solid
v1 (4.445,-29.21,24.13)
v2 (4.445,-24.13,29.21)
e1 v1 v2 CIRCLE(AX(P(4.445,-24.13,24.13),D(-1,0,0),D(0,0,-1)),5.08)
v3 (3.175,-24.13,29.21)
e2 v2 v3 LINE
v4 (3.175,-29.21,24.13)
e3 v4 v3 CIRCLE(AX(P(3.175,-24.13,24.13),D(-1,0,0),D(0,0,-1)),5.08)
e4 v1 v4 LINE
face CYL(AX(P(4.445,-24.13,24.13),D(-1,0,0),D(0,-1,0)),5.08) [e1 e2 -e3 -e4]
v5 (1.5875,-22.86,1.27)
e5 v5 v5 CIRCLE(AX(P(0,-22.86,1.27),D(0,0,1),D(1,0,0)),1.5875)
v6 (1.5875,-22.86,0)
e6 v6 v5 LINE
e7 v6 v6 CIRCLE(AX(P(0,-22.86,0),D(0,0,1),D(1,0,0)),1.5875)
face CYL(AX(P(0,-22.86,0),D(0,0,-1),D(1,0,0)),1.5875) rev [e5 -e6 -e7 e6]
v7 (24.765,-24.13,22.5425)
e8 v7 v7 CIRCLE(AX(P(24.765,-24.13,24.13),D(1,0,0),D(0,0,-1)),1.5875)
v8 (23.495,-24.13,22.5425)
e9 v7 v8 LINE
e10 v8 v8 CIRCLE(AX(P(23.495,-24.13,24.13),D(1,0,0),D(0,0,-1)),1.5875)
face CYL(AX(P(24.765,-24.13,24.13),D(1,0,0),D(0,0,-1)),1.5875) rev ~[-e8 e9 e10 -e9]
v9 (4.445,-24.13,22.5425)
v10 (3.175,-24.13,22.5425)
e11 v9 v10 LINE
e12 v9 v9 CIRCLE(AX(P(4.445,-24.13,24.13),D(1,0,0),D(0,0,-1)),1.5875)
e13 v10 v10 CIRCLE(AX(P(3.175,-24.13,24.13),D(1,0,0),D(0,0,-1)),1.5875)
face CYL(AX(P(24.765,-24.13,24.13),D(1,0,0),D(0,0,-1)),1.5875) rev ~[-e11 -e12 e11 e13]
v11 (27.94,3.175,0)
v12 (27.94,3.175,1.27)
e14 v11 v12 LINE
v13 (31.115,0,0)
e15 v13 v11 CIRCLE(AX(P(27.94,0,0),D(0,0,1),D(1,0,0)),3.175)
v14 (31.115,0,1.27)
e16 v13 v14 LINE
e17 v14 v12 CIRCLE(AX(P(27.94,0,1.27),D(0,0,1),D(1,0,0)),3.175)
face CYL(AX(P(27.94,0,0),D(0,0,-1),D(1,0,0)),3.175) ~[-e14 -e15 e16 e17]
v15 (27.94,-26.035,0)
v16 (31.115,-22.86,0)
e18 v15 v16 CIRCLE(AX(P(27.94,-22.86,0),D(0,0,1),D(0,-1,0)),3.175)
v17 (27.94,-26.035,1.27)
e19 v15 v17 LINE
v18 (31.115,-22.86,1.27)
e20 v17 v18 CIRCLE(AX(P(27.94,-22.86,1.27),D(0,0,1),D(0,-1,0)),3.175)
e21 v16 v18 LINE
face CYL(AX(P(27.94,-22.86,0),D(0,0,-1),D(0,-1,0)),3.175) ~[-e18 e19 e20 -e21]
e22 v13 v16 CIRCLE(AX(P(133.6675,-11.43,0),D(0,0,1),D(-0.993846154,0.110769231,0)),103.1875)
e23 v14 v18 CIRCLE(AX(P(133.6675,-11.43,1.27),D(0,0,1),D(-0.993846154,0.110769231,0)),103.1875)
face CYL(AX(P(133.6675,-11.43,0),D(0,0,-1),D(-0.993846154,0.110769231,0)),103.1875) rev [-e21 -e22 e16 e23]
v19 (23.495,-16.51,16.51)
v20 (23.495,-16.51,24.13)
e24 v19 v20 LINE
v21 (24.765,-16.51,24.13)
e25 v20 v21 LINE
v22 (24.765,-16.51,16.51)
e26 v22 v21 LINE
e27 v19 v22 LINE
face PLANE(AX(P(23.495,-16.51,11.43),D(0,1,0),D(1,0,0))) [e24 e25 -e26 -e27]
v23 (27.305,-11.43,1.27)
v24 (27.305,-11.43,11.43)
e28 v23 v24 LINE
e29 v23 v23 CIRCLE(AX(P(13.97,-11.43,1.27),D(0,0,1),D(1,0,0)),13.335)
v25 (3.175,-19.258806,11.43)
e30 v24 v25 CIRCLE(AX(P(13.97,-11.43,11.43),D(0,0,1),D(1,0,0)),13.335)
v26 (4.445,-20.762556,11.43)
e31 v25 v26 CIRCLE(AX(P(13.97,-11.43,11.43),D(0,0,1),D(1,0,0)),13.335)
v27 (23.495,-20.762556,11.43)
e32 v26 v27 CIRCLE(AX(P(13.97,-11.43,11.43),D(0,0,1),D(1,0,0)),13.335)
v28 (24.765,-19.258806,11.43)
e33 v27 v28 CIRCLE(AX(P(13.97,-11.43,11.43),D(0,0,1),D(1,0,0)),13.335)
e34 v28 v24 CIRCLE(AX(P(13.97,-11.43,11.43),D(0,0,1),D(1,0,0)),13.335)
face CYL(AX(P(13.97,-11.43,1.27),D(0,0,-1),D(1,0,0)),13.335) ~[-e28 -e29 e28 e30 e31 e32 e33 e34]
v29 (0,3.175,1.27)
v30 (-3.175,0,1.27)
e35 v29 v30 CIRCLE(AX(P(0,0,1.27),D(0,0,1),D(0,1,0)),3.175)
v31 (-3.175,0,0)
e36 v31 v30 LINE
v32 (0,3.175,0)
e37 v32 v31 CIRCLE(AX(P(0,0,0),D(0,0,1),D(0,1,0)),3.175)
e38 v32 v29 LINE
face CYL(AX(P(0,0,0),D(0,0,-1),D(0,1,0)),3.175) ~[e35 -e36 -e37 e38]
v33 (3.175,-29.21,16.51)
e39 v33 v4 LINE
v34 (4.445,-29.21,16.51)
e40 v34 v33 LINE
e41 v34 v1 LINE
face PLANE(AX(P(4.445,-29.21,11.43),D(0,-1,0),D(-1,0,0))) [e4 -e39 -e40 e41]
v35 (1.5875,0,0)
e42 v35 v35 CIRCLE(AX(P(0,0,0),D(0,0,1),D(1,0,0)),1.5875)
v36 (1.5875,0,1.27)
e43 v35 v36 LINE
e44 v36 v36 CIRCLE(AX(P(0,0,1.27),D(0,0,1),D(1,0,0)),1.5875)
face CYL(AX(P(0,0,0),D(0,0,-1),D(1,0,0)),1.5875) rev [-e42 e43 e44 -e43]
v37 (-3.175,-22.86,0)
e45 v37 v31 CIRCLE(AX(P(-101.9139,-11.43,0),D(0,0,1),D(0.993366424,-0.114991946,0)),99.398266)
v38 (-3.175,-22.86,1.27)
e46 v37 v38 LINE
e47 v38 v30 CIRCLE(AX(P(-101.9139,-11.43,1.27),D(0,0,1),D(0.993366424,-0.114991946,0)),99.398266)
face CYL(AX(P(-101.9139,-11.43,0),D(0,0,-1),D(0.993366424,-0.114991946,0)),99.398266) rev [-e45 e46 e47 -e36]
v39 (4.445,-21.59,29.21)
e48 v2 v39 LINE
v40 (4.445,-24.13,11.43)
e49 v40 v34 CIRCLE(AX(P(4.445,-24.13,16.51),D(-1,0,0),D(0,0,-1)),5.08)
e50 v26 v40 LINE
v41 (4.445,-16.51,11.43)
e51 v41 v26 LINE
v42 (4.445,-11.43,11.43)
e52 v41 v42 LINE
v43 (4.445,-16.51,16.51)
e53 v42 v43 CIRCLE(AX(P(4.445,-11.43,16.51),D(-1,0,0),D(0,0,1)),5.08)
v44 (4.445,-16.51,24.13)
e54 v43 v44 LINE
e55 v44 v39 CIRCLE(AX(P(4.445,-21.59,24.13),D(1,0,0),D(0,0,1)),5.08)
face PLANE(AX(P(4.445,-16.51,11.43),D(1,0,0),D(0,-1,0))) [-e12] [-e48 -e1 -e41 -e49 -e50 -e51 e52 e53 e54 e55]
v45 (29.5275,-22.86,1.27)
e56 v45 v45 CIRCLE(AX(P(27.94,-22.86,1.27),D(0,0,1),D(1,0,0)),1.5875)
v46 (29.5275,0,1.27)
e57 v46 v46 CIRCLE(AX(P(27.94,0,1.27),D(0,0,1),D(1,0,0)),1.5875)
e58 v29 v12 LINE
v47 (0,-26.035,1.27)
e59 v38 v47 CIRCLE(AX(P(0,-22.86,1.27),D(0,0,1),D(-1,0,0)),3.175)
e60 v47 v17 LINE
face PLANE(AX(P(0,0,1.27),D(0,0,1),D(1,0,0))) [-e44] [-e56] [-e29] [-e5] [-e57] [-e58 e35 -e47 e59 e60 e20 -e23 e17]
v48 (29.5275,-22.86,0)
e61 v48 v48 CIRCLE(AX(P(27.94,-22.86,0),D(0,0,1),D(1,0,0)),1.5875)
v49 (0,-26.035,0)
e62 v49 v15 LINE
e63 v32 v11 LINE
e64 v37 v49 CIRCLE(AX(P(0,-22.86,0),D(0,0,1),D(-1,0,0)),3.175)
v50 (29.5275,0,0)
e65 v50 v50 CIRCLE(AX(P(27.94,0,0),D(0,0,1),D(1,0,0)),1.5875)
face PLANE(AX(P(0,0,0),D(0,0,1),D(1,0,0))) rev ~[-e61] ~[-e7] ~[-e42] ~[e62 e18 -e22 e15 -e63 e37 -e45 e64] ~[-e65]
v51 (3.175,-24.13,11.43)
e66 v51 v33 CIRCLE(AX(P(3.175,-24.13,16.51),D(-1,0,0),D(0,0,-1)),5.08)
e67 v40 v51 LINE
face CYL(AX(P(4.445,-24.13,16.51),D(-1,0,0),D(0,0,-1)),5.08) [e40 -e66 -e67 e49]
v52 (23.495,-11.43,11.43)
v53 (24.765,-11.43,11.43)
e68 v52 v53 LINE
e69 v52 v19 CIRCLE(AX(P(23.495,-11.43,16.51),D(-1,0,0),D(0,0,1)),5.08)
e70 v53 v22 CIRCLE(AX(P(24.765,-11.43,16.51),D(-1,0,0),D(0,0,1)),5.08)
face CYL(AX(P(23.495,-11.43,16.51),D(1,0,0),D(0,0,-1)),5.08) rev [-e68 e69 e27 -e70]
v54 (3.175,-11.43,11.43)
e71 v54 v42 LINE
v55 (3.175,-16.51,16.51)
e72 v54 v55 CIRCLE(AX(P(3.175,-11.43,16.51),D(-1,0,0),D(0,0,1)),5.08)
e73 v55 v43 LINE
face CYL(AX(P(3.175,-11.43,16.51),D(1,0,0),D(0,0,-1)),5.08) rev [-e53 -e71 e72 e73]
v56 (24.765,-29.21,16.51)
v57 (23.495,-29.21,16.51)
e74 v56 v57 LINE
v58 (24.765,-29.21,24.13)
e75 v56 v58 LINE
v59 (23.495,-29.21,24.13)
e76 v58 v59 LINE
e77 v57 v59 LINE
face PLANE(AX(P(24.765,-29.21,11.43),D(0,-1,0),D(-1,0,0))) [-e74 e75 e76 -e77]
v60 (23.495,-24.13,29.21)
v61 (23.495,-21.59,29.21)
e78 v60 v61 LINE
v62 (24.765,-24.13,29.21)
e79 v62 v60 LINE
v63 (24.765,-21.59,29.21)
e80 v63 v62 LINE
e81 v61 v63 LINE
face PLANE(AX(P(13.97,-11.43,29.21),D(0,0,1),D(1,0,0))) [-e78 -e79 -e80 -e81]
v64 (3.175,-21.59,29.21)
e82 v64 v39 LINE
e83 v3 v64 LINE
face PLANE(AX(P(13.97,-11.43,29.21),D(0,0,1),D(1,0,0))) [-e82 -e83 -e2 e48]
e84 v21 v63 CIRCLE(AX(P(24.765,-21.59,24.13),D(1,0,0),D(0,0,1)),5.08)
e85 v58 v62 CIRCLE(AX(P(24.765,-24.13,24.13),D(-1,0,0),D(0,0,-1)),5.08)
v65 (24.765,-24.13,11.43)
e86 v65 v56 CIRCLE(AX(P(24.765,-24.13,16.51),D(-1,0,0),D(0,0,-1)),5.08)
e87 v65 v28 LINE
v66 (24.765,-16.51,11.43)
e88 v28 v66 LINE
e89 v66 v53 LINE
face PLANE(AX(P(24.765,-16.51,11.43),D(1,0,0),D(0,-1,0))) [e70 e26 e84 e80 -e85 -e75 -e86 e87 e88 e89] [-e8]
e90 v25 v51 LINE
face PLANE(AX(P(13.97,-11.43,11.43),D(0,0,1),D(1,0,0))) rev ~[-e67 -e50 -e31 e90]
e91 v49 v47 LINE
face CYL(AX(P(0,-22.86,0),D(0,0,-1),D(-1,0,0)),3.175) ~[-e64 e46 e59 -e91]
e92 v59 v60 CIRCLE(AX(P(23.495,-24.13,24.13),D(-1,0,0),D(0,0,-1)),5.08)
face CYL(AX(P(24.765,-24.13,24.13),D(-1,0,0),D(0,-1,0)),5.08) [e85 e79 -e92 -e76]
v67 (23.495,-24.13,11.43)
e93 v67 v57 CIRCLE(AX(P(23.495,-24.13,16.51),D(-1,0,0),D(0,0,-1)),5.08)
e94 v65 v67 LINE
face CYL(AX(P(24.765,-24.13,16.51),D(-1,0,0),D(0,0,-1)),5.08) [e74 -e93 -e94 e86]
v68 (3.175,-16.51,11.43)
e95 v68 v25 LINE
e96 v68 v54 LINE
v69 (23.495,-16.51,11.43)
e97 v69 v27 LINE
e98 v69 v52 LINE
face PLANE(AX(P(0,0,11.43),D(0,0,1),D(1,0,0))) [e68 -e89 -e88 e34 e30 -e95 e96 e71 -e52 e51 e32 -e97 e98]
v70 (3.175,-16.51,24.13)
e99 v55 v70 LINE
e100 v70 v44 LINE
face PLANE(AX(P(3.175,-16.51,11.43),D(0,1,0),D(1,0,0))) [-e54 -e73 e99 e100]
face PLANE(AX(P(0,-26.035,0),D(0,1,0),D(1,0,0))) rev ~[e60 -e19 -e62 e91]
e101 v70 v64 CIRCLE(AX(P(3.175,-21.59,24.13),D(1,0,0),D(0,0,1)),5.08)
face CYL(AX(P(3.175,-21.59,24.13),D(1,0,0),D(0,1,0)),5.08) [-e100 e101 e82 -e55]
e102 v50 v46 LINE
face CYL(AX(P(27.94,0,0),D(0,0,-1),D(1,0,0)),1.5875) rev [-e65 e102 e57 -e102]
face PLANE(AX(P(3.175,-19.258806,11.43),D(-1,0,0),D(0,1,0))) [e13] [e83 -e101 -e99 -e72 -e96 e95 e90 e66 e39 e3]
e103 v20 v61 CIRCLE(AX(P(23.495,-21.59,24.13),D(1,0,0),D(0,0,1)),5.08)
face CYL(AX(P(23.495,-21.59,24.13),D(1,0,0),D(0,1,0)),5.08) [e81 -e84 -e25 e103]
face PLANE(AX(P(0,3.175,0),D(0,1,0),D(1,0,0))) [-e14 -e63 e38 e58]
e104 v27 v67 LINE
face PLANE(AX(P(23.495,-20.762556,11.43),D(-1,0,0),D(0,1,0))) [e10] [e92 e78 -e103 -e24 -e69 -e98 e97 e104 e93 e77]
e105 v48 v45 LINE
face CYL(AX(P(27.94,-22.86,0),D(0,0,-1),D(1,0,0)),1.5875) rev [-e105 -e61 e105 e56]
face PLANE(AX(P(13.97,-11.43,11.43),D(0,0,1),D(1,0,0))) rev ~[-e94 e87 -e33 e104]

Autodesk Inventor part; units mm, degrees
ref_plane "YZ Plane" through (0, 0, 0) normal (1, 0, 0) x (0, 1, 0)
ref_plane "XZ Plane" through (0, 0, 0) normal (0, 1, 0) x (-1, 0, 0)
ref_plane "XY Plane" through (0, 0, 0) normal (0, 0, 1) x (1, 0, 0)
sketch "Sketch1" plane through (0, 0, 0) normal (0, 0, 1) x (1, 0, 0)
  arc A0 (0, 3.175) -> (-3.175, 0) centre (0, 0) ccw
  arc A1 (-3.175, -22.86) -> (0, -26.035) centre (0, -22.86) ccw
  line L0 (0, -26.035) -> (27.94, -26.035)
  line L1 (0, 3.175) -> (27.94, 3.175)
  circle A2 centre (0, -22.86) radius 1.5875
  circle A3 centre (27.94, -22.86) radius 1.5875
  circle A4 centre (0, 0) radius 1.5875
  circle A5 centre (27.94, 0) radius 1.5875
  arc A6 (-3.175, -22.86) -> (-3.175, 0) centre (-101.9139, -11.43) ccw
  arc A7 (31.115, 0) -> (31.115, -22.86) centre (133.6675, -11.43) ccw
  arc A8 (27.94, -26.035) -> (31.115, -22.86) centre (27.94, -22.86) ccw
  arc A9 (31.115, 0) -> (27.94, 3.175) centre (27.94, 0) ccw
  point P0 (30.48, -11.43)
  point P1 (-2.54, -11.43)
  point P2 (-3.0961, -0.7033)
  dimension "d0" = 27.94
  dimension "d1" = 22.86
  dimension "d3" = 6.35
  dimension "d4" = 6.35
  dimension "d6" = 33.02
  dimension "d7" = 11.43
  dimension "d8" = 2.54
  dimension "d9" = 3.175
  dimension "d10" = 3.175
  dimension "d11" = 3.175
  dimension "d12" = 3.175
  dimension "d34" = 27.94
  dimension "d35" = 22.86
  dimension "d36" = 0
  dimension "d37" = 0
extrude "Extrusion1" add sketch "Sketch1" along normal blind 1.27
sketch "Sketch2" plane through (0, 0, 1.27) normal (0, 0, 1) x (1, 0, 0)
  circle A0 centre (13.97, -11.43) radius 13.335
  point P0 (0, 0)
  dimension "d15" = 26.67
  dimension "d16" = 13.97
  dimension "d17" = 11.43
extrude "Extrusion2" add sketch "Sketch2" along normal blind 10.16
sketch "Sketch3" plane through (13.97, -11.43, 11.43) normal (0, 0, 1) x (1, 0, 0)
  line L0 (9.525, -5.08) -> (10.795, -5.08)
  line L1 (10.795, -5.08) -> (10.795, -17.78)
  line L2 (10.795, -17.78) -> (9.525, -17.78)
  line L3 (9.525, -17.78) -> (9.525, -5.08)
  line L4 (-10.795, -5.08) -> (-9.525, -5.08)
  line L5 (-9.525, -5.08) -> (-9.525, -17.78)
  line L6 (-9.525, -17.78) -> (-10.795, -17.78)
  line L7 (-10.795, -17.78) -> (-10.795, -5.08)
  circle A0 centre (0, 0) radius 13.335 projected
  point P0 (-13.97, 11.43)
  point P1 (-13.335, 0)
  dimension "d20" = 19.05
  dimension "d21" = 1.27
  dimension "d22" = 1.27
  dimension "d23" = 3.81
  dimension "d24" = 5.08
  dimension "d25" = 12.7
extrude "Extrusion3" add sketch "Sketch3" along normal blind 17.78 contours L0 L1 A0 L3 | A0 L1 L2 L3 | A0 L7 L4 L5 | L5 L6 L7 A0
sketch "Sketch4" plane through (24.765, -29.21, 11.43) normal (1, 0, 0) x (0, 0, -1)
  line L0 (0, 0) -> (-17.78, 0) projected
  line L1 (-17.78, 0) -> (-17.78, 12.7) projected
  circle A0 centre (-12.7, 5.08) radius 1.5875
  point P0 (11.43, 29.21)
  dimension "d28" = 5.08
  dimension "d29" = 5.08
  dimension "d30" = 3.175
extrude "Extrusion4" cut sketch "Sketch4" against normal blind 50.8
fillet "Fillet1" radius 5.08 8 edges at (24.13, -29.21, 29.21) (3.81, -29.21, 29.21) (24.13, -16.51, 29.21) (3.81, -16.51, 29.21) (3.81, -16.51, 11.43) (24.13, -16.51, 11.43) (3.81, -29.21, 11.43) (24.13, -29.21, 11.43)
properties part number "CastorBase" material "Stainless Steel"
